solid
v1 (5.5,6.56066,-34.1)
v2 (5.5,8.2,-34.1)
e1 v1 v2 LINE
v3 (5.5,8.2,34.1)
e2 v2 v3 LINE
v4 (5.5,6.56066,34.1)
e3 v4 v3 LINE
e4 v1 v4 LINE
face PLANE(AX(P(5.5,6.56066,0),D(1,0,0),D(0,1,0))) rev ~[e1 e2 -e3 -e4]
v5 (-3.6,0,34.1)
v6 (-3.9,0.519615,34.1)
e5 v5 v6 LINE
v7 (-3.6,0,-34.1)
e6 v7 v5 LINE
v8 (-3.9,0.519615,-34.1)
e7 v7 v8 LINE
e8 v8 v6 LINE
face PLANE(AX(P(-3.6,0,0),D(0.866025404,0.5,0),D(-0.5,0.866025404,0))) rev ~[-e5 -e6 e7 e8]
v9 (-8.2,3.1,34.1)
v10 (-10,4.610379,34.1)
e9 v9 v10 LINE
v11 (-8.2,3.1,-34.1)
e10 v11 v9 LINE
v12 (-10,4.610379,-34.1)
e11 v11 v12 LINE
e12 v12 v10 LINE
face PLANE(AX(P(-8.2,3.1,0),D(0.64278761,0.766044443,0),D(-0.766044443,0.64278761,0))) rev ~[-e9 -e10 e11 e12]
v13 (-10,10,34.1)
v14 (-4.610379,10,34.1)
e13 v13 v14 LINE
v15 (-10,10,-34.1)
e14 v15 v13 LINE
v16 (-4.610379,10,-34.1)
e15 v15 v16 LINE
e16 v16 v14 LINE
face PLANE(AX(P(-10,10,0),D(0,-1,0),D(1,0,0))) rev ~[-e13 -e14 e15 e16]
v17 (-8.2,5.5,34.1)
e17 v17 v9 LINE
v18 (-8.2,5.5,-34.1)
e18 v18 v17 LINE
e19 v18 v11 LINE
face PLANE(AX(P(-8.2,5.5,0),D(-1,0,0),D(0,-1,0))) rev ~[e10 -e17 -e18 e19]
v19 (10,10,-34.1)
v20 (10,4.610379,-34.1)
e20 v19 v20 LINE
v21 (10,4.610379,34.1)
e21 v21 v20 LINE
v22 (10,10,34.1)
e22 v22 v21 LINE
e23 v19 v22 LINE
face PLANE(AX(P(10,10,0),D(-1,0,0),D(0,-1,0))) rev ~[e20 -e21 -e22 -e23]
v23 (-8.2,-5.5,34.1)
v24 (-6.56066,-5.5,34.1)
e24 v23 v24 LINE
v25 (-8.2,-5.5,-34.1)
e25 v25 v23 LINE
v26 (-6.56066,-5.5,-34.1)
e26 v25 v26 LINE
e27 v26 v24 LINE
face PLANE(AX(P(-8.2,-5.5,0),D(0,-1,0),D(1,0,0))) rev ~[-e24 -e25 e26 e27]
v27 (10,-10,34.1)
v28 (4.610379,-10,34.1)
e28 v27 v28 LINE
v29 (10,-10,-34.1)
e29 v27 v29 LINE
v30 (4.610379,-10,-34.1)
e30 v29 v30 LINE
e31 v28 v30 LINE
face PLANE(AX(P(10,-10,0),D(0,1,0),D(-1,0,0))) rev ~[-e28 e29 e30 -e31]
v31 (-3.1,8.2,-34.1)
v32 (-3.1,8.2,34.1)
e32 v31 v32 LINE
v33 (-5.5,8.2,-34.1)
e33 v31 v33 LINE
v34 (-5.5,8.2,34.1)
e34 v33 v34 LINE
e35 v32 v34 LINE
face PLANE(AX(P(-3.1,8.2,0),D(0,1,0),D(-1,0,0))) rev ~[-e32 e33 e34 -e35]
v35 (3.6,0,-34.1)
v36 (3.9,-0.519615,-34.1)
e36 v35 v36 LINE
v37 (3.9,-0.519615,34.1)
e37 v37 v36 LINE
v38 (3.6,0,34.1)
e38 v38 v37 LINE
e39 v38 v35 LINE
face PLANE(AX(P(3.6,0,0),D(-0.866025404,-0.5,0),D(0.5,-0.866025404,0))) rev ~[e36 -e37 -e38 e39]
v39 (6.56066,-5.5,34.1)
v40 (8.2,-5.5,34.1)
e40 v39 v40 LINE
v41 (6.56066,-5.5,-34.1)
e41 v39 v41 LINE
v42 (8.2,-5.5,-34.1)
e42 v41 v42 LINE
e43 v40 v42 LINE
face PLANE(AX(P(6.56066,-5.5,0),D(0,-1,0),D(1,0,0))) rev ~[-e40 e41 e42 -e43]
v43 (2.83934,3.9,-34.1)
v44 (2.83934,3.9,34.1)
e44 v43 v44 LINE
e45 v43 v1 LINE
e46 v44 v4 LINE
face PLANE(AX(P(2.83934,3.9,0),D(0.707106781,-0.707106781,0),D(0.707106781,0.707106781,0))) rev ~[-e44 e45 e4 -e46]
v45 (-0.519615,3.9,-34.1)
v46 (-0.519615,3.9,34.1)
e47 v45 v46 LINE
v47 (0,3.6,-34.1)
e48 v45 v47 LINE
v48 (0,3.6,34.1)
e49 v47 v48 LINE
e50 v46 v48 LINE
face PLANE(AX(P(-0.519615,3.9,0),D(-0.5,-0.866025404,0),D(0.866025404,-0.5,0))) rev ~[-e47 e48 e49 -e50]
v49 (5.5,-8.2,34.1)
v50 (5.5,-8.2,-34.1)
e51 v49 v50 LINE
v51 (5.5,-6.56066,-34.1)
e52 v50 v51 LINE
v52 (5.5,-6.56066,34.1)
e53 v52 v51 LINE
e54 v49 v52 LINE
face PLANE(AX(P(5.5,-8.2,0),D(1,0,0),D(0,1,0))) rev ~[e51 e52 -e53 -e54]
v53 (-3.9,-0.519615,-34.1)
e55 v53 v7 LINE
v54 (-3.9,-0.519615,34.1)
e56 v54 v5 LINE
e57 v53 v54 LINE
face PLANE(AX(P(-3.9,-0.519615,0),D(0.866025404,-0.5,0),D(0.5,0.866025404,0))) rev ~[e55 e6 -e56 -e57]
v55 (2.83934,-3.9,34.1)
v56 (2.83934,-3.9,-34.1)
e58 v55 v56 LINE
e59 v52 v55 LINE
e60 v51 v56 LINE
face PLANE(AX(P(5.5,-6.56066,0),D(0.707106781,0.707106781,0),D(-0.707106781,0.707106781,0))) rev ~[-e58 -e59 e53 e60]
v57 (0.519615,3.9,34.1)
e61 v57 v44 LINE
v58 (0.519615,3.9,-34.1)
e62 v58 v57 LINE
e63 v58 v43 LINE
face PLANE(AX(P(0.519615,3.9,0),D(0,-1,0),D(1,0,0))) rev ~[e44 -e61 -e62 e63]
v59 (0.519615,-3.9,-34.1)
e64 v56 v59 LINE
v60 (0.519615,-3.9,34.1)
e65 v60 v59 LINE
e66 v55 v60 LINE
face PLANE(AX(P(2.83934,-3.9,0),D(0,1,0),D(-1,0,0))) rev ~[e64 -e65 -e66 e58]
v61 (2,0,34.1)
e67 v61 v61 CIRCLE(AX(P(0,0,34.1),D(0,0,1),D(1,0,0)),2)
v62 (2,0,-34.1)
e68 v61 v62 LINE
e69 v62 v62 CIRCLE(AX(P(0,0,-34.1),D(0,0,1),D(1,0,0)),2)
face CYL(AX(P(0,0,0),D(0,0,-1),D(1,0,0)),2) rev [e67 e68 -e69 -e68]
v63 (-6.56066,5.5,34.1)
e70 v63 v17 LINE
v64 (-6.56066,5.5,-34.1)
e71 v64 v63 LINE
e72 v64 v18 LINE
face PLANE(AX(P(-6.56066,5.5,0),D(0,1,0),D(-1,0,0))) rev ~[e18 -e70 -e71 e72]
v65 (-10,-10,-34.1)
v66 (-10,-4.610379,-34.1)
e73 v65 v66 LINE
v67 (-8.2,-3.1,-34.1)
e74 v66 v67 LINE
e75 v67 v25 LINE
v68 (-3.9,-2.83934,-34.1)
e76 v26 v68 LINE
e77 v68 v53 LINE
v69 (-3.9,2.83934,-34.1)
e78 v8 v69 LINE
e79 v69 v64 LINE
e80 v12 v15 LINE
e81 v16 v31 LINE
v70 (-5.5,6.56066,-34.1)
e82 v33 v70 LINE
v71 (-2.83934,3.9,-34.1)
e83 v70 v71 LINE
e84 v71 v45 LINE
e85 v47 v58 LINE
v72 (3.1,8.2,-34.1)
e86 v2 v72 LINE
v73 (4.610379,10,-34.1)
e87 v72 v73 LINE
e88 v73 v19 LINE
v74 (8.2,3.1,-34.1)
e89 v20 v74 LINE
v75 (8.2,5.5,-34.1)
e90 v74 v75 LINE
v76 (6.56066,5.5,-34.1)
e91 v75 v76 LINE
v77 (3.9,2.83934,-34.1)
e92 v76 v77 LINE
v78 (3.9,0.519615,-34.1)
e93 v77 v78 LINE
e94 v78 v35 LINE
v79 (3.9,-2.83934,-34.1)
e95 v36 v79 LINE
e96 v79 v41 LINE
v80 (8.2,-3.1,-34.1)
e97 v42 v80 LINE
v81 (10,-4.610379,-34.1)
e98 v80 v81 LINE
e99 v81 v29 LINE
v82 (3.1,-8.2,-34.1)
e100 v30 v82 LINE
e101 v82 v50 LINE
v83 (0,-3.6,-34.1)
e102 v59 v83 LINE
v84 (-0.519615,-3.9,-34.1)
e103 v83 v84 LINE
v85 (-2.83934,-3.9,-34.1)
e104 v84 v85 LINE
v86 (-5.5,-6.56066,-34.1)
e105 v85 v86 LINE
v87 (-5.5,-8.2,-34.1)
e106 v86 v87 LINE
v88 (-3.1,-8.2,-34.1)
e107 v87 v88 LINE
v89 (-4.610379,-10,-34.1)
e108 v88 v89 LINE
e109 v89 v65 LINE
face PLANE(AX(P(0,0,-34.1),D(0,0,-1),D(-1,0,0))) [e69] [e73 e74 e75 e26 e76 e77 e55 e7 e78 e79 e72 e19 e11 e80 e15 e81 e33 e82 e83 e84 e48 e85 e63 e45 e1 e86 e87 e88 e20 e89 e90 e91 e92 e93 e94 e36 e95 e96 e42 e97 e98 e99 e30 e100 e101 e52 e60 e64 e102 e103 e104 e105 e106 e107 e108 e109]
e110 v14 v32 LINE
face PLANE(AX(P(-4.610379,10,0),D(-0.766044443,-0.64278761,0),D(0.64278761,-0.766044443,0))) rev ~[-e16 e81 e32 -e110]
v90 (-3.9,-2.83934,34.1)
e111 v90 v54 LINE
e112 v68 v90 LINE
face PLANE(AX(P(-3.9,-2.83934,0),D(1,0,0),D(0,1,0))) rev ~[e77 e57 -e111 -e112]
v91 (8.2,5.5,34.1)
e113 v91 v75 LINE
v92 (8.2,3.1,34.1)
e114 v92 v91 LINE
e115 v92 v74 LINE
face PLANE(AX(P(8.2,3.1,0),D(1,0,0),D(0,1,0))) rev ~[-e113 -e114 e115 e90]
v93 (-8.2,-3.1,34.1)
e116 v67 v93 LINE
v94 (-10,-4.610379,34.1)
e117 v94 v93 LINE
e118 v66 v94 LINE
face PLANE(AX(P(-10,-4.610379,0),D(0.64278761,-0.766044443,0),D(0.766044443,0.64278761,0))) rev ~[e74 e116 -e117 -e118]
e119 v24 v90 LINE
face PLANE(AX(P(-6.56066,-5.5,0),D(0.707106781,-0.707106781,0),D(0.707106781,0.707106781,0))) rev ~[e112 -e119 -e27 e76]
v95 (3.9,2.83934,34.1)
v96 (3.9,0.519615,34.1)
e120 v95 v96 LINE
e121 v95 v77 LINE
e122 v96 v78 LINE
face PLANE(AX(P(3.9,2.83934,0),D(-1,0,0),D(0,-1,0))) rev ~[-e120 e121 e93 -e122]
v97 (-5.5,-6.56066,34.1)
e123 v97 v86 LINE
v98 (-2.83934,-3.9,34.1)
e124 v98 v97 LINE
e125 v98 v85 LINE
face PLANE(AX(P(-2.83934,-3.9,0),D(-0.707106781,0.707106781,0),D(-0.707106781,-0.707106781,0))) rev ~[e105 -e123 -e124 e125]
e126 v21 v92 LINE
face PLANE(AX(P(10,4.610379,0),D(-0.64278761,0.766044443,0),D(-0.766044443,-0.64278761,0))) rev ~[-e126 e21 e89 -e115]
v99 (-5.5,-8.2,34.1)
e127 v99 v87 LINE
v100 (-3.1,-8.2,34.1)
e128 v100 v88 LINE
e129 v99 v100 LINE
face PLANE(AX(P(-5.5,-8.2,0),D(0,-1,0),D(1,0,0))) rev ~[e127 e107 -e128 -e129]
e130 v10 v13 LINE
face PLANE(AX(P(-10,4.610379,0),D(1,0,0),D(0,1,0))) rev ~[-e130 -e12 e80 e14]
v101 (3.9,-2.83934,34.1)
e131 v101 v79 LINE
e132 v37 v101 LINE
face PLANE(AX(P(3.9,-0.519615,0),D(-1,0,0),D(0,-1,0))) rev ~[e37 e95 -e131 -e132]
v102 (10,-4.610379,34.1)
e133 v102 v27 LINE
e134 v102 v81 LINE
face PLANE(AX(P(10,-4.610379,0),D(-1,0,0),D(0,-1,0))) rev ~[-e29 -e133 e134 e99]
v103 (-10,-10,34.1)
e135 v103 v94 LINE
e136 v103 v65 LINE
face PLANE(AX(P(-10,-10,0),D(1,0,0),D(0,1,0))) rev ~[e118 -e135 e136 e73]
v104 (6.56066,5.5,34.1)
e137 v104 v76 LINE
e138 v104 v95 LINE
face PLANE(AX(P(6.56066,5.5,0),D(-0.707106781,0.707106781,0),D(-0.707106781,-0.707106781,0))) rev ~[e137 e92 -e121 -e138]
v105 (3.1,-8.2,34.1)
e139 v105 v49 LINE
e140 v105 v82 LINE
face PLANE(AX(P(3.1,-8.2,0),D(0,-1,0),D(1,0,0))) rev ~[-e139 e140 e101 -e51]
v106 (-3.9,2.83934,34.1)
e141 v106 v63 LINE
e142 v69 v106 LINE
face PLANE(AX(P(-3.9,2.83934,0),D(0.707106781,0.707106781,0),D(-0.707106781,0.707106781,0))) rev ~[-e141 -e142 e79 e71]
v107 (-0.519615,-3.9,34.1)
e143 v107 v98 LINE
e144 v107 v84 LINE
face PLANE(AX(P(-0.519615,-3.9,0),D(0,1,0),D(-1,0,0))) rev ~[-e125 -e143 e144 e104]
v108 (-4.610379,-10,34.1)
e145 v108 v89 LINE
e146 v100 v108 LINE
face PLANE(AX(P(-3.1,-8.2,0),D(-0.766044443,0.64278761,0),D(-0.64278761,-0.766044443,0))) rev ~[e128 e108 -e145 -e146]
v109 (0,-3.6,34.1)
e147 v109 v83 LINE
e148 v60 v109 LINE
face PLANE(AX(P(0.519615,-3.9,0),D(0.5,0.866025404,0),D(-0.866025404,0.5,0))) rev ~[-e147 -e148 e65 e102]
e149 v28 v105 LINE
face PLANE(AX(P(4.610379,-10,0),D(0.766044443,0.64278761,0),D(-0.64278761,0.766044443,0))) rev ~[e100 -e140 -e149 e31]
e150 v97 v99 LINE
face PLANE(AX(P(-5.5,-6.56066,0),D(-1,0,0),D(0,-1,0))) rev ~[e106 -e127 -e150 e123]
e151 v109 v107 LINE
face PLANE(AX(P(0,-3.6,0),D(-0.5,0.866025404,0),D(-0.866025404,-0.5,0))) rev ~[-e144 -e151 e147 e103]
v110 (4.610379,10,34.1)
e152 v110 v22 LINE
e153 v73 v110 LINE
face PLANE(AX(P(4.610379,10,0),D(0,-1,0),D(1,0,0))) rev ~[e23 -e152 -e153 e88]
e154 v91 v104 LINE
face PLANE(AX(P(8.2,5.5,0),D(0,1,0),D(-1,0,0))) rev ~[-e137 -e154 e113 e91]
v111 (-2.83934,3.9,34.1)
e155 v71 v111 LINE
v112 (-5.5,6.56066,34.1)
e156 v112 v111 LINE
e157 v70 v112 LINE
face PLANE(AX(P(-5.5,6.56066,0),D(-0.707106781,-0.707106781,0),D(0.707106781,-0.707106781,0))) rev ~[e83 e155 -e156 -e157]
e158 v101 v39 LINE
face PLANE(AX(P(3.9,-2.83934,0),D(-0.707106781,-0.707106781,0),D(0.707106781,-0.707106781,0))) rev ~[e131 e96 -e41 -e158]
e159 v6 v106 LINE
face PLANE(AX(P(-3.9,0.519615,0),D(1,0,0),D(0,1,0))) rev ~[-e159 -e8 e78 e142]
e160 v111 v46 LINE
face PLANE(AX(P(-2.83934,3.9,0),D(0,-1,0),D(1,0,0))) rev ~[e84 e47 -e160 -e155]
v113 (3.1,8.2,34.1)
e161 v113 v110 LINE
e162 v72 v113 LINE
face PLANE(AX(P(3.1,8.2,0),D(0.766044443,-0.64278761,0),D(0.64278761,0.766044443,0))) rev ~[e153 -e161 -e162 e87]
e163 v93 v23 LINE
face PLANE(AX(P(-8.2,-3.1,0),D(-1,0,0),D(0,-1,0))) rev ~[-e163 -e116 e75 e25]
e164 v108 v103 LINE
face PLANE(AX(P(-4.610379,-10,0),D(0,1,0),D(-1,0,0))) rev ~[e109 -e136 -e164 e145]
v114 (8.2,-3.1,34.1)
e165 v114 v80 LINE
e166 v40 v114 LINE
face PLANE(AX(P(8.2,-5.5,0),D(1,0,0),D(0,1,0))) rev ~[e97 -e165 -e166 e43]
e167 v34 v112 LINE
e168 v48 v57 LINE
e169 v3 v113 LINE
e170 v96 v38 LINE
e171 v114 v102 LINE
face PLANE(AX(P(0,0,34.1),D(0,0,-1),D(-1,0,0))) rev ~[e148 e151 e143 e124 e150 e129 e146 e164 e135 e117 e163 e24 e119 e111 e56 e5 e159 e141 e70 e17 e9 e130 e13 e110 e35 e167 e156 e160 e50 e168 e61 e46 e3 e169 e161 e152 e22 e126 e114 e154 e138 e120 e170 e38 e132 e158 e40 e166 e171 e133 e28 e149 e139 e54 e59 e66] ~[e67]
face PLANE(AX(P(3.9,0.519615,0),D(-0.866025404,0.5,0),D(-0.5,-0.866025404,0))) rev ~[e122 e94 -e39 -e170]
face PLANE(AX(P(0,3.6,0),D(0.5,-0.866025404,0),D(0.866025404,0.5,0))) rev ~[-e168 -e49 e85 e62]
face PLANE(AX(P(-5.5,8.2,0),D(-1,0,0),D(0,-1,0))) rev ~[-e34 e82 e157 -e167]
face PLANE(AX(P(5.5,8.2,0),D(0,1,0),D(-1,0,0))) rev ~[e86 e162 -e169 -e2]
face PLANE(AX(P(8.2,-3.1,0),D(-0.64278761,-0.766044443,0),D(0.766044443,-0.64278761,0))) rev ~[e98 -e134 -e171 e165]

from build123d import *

# Parameters (mm, degrees)
SKETCH1_R           = 2
BOSS_EXTRUDE1_DEPTH = 34.1


with BuildPart() as part:
    # Sketch1 → Boss-Extrude1 (new body, symmetric)
    with BuildSketch(Plane.XY):
        Polygon((10, 10), (10, 4.610379336), (8.2, 3.1), (8.2, 5.5), (6.560660172, 5.5), (3.9, 2.839339828), (3.9, 0.519615242), (3.6, 0), (3.9, -0.519615242), (3.9, -2.839339828), (6.560660172, -5.5), (8.2, -5.5), (8.2, -3.1), (10, -4.610379336), (10, -10), (4.610379336, -10), (3.1, -8.2), (5.5, -8.2), (5.5, -6.560660172), (2.839339828, -3.9), (0.519615242, -3.9), (0, -3.6), (-0.519615242, -3.9), (-2.839339828, -3.9), (-5.5, -6.560660172), (-5.5, -8.2), (-3.1, -8.2), (-4.610379336, -10), (-10, -10), (-10, -4.610379336), (-8.2, -3.1), (-8.2, -5.5), (-6.560660172, -5.5), (-3.9, -2.839339828), (-3.9, -0.519615242), (-3.6, 0), (-3.9, 0.519615242), (-3.9, 2.839339828), (-6.560660172, 5.5), (-8.2, 5.5), (-8.2, 3.1), (-10, 4.610379336), (-10, 10), (-4.610379336, 10), (-3.1, 8.2), (-5.5, 8.2), (-5.5, 6.560660172), (-2.839339828, 3.9), (-0.519615242, 3.9), (0, 3.6), (0.519615242, 3.9), (2.839339828, 3.9), (5.5, 6.560660172), (5.5, 8.2), (3.1, 8.2), (4.610379336, 10), align=None)
        Circle(SKETCH1_R, mode=Mode.SUBTRACT)
    extrude(amount=BOSS_EXTRUDE1_DEPTH, both=True)


solid = part.part
